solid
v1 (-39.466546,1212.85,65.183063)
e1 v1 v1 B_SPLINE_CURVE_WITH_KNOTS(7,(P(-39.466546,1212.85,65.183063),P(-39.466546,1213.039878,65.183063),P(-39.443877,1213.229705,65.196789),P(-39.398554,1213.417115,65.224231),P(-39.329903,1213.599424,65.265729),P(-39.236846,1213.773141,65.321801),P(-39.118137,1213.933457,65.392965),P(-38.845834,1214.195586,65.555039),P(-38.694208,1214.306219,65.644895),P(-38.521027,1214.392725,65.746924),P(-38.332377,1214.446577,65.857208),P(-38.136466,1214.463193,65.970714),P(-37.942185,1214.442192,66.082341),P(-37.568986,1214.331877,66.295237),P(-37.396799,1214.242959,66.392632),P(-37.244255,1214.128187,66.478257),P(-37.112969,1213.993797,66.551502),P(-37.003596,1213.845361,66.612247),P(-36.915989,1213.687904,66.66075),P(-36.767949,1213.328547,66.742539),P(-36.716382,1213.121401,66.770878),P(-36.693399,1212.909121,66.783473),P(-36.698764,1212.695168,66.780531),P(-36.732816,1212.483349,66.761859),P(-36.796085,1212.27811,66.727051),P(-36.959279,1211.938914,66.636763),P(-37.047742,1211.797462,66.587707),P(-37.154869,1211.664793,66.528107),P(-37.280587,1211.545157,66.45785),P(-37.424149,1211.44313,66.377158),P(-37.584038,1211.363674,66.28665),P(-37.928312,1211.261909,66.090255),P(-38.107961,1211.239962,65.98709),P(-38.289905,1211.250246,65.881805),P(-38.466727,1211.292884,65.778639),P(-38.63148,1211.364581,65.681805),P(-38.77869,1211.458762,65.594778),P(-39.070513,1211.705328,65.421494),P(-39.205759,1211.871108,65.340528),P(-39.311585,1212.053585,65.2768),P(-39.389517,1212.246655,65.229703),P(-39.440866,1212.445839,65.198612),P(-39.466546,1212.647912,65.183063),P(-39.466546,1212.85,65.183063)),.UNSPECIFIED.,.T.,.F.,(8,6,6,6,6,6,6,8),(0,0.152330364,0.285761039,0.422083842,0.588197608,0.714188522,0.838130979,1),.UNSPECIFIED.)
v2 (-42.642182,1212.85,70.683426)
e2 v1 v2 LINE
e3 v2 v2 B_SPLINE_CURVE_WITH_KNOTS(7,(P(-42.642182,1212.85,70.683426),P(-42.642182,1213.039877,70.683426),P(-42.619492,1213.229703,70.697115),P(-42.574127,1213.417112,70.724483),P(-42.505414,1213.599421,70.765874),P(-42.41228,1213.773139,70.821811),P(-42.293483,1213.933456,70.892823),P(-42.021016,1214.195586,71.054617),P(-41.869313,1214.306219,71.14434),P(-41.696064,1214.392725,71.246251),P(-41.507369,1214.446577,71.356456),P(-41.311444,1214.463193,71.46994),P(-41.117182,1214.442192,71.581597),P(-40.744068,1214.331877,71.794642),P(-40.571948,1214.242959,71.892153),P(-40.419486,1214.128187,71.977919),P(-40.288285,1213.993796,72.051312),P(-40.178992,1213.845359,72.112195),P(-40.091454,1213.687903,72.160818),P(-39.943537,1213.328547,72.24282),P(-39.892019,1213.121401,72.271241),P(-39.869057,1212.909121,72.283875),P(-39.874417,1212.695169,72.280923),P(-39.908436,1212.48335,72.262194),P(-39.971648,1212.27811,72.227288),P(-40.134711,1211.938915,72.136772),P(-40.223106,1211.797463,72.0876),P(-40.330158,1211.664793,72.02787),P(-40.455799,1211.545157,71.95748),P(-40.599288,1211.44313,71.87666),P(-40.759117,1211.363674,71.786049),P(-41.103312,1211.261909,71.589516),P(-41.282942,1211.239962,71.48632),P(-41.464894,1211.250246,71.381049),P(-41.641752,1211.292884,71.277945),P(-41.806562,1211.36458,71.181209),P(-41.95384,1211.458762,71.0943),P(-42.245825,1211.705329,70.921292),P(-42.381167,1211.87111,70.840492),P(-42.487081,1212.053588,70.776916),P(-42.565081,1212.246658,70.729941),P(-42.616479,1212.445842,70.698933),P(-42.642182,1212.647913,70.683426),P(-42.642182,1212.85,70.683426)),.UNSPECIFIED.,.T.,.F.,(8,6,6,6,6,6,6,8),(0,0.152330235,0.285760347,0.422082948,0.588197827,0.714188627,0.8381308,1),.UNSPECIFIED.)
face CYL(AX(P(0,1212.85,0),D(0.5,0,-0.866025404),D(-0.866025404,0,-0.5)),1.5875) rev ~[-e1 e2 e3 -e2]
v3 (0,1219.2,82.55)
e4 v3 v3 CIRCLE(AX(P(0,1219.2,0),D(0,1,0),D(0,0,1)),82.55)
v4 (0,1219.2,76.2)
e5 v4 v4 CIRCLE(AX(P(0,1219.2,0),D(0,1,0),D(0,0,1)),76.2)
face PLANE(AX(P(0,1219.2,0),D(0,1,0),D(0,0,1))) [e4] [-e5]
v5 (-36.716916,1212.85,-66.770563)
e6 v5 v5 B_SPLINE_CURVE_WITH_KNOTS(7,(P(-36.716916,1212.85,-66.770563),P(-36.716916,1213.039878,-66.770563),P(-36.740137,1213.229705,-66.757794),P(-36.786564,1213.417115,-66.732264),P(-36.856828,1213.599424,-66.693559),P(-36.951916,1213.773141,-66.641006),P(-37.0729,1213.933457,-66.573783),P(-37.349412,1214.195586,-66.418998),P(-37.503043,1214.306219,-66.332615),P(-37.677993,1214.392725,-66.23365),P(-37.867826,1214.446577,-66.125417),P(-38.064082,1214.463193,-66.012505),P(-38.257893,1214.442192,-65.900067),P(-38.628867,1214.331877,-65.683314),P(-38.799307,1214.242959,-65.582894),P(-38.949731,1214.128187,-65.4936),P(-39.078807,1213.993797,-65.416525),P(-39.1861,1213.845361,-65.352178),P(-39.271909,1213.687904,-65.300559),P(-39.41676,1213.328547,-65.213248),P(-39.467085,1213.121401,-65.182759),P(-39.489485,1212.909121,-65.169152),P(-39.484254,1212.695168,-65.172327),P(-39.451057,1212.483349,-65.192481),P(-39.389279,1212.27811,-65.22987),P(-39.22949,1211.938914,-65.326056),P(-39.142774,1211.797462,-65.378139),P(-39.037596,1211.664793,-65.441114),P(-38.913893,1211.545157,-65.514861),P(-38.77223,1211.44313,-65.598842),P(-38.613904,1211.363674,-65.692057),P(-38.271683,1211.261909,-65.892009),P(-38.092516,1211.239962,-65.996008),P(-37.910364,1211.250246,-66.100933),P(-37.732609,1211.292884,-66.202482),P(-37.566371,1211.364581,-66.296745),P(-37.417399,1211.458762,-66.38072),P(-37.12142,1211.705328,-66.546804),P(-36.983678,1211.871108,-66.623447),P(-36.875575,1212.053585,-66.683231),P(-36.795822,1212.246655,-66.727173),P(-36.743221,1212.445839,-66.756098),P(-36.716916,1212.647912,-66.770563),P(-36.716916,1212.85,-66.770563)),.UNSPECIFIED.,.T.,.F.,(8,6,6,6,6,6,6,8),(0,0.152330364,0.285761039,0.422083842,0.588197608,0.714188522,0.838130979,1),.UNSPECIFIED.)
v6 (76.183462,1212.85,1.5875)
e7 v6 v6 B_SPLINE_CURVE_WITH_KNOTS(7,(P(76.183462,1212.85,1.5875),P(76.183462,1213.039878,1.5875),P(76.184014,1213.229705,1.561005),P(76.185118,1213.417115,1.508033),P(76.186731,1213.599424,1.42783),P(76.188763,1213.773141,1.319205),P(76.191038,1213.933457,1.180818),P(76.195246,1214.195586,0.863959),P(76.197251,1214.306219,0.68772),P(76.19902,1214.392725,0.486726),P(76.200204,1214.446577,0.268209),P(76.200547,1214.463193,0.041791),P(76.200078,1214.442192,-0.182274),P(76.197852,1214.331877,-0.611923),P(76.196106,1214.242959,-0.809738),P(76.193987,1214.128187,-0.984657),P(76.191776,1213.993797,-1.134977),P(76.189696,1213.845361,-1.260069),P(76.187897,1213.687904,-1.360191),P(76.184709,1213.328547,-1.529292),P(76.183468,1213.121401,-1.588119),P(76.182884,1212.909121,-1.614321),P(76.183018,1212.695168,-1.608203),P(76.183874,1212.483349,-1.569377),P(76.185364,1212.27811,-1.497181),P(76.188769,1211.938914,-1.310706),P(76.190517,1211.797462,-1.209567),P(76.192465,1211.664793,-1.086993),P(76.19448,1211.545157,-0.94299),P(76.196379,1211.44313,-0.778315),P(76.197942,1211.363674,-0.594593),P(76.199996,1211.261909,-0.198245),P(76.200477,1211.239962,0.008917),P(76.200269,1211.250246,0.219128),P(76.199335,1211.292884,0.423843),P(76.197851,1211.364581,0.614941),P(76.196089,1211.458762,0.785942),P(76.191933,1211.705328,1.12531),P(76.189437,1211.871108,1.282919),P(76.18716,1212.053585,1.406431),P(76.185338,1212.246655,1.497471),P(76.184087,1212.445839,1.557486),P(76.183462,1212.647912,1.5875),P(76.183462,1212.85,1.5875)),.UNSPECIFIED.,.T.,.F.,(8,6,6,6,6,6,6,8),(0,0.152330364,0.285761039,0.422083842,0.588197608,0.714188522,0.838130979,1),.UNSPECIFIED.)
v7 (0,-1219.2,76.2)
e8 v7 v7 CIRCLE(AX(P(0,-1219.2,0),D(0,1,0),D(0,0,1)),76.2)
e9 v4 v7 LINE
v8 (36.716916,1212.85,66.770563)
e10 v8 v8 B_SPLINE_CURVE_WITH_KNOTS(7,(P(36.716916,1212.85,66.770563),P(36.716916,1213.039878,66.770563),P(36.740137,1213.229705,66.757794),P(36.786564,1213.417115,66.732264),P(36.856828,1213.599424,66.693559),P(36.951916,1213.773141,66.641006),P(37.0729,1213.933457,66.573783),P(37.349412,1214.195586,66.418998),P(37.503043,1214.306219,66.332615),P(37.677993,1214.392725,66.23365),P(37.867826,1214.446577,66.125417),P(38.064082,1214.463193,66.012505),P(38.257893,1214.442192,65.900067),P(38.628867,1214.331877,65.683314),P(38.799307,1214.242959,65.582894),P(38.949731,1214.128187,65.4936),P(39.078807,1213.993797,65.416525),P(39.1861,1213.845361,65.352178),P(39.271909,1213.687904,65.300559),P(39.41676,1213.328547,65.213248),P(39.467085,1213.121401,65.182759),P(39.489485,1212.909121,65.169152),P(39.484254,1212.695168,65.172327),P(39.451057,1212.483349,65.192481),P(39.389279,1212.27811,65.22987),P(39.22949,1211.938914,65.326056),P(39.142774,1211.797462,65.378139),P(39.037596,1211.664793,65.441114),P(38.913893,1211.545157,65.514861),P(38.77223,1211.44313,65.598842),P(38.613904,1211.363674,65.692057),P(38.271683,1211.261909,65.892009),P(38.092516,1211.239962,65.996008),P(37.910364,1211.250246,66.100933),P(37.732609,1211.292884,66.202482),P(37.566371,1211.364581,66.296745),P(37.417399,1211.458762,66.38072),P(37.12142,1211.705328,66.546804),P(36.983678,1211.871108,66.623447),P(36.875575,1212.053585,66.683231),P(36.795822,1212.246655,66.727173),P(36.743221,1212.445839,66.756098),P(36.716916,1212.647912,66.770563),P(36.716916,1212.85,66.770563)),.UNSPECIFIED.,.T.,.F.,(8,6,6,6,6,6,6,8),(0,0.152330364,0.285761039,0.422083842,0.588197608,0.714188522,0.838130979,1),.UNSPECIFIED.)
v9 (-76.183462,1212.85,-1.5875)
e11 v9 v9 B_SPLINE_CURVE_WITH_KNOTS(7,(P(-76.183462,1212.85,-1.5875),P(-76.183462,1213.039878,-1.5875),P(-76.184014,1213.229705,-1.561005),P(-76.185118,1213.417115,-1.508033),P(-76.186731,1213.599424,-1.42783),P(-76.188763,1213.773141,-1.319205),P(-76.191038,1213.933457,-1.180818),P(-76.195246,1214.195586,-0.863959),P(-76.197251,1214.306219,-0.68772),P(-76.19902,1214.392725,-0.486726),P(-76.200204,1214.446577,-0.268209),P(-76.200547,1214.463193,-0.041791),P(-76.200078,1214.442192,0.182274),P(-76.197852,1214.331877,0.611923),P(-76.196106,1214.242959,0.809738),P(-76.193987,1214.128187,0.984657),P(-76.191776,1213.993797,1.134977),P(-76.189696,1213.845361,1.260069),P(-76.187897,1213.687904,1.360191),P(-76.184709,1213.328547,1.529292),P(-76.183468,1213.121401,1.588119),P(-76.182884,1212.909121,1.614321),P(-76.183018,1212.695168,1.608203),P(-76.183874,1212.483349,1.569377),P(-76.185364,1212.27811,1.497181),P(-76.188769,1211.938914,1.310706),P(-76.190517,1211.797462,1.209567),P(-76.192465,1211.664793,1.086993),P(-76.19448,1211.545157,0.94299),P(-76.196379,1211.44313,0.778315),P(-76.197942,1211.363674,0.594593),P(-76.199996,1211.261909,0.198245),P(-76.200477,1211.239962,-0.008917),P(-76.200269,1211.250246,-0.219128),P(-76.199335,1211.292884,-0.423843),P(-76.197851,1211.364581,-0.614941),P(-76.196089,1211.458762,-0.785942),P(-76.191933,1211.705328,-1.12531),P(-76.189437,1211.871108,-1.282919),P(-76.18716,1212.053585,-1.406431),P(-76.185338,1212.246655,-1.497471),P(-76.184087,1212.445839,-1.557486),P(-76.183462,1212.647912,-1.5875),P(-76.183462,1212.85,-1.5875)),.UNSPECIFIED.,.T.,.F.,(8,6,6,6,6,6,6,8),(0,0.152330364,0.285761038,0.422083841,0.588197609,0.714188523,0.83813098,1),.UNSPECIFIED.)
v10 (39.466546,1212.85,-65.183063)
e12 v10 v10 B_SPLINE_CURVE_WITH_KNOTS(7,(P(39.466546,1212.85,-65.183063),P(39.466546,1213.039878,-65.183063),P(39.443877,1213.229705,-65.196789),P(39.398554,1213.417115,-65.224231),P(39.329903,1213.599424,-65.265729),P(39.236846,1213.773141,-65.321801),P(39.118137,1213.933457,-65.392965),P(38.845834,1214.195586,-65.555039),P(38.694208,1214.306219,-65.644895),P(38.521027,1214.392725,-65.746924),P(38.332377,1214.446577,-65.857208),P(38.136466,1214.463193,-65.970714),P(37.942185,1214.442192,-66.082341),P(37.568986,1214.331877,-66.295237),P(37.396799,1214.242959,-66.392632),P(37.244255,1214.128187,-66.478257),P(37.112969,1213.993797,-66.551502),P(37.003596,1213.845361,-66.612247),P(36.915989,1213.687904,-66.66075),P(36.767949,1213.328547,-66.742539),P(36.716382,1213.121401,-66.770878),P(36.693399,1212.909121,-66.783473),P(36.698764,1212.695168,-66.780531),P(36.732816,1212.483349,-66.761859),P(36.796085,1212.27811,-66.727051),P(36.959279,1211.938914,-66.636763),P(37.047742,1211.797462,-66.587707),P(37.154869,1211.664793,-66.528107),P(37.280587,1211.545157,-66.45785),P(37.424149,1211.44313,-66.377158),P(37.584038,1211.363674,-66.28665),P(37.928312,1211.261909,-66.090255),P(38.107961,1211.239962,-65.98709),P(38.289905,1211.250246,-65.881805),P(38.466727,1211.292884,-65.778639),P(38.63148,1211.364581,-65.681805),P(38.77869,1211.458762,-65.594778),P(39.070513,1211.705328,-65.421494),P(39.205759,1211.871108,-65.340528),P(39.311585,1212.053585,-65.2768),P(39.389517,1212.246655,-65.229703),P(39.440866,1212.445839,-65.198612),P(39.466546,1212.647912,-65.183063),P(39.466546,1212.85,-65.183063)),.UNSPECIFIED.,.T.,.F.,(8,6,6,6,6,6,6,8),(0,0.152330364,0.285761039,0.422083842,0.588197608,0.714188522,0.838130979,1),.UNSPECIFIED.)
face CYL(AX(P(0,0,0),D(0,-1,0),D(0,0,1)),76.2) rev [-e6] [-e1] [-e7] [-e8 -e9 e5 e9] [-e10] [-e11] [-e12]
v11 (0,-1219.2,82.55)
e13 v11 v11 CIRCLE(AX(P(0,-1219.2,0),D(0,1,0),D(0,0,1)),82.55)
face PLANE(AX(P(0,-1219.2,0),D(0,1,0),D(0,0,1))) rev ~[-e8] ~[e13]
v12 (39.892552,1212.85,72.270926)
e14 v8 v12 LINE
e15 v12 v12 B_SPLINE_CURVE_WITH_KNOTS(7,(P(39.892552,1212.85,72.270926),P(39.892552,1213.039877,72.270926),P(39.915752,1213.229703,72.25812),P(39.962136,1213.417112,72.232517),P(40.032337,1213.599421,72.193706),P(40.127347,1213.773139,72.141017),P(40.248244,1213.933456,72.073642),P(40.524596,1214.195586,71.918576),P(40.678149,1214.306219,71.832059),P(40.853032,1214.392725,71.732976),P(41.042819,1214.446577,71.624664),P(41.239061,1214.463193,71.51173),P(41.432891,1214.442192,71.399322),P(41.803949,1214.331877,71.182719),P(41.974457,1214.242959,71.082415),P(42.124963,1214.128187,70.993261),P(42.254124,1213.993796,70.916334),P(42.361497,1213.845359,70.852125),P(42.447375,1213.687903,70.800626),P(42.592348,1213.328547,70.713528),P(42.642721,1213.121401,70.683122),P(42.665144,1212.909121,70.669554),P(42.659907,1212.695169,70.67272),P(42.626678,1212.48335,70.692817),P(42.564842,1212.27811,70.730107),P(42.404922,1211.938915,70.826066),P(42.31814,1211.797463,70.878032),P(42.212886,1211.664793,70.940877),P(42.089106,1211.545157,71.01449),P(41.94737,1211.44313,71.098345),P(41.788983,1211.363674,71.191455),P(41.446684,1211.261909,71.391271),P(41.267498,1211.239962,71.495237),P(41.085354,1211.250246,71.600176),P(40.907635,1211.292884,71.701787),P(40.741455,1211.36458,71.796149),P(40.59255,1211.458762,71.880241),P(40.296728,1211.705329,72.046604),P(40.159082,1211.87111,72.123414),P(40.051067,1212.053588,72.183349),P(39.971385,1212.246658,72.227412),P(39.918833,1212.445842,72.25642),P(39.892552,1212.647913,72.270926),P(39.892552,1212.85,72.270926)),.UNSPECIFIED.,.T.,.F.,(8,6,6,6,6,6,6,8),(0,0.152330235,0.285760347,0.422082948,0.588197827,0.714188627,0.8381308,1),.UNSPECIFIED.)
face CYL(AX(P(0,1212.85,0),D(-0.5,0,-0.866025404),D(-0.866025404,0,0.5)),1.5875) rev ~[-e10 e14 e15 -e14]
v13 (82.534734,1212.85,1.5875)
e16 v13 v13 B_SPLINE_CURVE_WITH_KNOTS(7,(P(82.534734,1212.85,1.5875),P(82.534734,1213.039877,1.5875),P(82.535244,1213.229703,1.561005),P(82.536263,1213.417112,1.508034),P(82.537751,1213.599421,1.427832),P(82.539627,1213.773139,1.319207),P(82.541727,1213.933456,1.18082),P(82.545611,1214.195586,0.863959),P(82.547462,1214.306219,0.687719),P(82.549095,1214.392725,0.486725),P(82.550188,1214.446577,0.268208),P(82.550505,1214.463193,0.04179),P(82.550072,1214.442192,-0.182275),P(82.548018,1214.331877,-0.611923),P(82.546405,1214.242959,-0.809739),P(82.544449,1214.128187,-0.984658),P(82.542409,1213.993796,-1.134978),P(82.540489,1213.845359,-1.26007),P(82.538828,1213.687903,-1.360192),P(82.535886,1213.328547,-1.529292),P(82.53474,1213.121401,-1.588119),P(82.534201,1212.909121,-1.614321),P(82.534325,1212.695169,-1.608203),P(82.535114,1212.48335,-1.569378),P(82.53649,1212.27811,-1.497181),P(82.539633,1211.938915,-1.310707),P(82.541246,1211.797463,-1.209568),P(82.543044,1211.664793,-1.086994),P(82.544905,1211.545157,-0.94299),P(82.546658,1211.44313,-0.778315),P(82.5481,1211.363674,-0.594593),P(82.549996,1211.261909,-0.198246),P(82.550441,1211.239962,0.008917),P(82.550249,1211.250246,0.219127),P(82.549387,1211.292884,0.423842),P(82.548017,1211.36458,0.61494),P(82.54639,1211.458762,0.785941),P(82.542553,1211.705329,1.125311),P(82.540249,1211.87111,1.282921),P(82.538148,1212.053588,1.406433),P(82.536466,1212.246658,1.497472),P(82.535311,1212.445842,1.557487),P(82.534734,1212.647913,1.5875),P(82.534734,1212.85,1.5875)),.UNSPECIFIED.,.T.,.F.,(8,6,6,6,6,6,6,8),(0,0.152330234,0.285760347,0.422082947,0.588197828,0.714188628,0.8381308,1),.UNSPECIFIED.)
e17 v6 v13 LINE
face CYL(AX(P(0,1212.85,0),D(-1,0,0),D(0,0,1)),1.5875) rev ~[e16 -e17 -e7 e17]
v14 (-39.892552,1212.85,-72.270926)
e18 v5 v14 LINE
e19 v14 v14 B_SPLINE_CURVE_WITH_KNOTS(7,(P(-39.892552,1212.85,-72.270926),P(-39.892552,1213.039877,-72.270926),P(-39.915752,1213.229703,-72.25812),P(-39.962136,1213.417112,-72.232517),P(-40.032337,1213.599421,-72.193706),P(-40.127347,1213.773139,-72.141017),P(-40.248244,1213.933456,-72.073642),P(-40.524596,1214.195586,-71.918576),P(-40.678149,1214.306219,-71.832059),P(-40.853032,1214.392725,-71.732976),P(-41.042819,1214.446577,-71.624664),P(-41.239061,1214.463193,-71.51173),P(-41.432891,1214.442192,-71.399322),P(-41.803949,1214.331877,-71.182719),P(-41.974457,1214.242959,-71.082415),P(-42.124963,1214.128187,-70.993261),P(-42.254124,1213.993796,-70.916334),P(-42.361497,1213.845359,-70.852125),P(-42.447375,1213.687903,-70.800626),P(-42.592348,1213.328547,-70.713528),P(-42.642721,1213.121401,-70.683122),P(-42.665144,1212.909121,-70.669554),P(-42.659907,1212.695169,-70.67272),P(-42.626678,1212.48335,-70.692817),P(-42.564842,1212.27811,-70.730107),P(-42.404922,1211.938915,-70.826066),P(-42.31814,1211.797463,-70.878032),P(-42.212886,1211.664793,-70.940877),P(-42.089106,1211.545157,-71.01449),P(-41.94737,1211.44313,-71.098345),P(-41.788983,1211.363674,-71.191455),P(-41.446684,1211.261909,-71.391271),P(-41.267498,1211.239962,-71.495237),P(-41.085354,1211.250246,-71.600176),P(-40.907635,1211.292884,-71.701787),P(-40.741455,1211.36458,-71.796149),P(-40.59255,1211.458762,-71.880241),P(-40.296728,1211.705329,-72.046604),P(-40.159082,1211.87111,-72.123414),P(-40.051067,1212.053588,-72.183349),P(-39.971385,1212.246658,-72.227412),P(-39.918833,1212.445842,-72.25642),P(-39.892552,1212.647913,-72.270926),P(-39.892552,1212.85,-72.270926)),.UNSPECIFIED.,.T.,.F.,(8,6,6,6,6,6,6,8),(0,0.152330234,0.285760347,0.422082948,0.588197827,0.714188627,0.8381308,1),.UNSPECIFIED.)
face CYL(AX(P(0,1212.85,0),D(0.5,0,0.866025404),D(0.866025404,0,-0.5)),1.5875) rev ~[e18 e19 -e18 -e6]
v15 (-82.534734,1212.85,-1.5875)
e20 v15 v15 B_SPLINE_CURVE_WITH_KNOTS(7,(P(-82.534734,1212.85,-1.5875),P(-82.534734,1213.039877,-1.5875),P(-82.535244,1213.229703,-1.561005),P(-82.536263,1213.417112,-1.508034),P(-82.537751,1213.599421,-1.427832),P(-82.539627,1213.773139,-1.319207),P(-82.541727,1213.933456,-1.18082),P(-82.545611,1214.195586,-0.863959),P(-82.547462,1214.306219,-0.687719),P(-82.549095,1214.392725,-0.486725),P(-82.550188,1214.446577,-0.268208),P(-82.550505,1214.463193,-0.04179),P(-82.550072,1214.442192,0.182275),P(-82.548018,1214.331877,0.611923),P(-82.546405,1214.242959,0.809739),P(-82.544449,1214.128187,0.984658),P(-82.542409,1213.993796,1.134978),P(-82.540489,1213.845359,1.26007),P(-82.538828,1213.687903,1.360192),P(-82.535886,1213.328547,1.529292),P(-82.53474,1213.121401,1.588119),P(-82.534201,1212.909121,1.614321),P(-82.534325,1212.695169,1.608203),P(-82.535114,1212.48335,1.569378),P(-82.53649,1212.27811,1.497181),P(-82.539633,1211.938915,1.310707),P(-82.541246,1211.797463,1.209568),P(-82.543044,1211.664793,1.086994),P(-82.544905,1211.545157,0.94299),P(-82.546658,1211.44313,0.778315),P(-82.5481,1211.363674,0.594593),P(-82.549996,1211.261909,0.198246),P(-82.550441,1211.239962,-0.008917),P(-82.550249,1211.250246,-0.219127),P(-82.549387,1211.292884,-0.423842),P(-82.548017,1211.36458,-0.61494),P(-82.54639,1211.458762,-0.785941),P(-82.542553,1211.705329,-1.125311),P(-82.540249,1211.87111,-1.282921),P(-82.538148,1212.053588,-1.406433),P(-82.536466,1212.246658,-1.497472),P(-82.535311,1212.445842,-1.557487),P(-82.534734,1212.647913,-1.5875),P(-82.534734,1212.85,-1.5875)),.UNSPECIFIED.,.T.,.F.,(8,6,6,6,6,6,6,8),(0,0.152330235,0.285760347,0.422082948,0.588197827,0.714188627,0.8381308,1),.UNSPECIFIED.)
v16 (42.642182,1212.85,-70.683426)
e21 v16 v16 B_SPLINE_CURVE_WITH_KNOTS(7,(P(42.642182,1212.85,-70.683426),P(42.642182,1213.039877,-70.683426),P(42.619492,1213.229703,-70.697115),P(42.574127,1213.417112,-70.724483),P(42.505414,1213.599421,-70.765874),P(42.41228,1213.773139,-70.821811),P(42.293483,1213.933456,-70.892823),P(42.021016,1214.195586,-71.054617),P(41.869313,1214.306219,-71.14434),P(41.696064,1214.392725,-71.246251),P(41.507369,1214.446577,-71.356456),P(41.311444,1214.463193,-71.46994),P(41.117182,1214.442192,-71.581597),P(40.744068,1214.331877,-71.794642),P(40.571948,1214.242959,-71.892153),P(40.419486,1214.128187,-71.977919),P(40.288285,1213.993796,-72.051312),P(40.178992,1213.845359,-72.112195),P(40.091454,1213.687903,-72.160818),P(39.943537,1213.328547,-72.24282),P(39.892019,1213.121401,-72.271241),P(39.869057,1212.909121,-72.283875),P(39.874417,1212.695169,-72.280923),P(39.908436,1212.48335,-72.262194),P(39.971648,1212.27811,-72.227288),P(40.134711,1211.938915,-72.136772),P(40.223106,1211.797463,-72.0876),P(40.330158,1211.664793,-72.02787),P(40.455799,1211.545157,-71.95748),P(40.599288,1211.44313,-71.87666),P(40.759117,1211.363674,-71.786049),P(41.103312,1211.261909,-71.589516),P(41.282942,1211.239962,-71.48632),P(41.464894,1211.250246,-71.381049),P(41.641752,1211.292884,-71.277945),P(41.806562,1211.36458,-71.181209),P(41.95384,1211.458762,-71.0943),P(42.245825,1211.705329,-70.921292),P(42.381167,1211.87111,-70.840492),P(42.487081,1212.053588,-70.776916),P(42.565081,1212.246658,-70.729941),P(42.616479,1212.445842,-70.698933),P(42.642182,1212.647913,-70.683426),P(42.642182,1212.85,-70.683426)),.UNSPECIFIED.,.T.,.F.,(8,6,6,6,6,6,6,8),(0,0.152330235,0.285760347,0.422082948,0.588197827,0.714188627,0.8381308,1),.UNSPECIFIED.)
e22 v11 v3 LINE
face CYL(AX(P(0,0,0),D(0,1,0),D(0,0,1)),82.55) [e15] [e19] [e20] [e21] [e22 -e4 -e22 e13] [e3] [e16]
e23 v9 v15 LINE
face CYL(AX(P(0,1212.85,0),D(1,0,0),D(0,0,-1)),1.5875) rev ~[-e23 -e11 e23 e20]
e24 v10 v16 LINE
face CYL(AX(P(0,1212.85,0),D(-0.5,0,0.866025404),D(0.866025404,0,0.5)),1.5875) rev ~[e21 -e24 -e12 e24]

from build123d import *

# Parameters (mm, degrees)
SKETCH1_R           = 82.55
SKETCH1_R_2         = 76.2
BOSS_EXTRUDE1_DEPTH = 1219.2
SKETCH2_R           = 1.5875
CUT_EXTRUDE1_DEPTH  = 1225.77656942
CIRPATTERN1_COUNT   = 6


with BuildPart() as part:
    # Sketch1 → Boss-Extrude1 (new, symmetric)
    with BuildSketch(Plane(origin=(0, 0, 0), x_dir=(1, 0, 0), z_dir=(0, 1, 0))):
        with Locations(Location((0, 0, 0), (0, 0, 270))):
            Circle(SKETCH1_R)
        with Locations(Location((0, 0, 0), (0, 0, 270))):
            Circle(SKETCH1_R_2, mode=Mode.SUBTRACT)
    extrude(amount=BOSS_EXTRUDE1_DEPTH, both=True)

    # Sketch2 → Cut-Extrude1 (cut, through all)
    with BuildSketch(Plane(origin=(0, 0, 0), x_dir=(0, 0, -1), z_dir=(1, 0, 0))):
        with Locations((0, 1212.85)):
            Circle(SKETCH2_R)
    cut_extrude1 = extrude(amount=-CUT_EXTRUDE1_DEPTH, mode=Mode.SUBTRACT)

    # CirPattern1: Cut-Extrude1 ×6 about axis
    cirpattern1_axis = Axis((0, 1219.2, 0), (0, 1, 0))
    for i in range(1, CIRPATTERN1_COUNT):
        add(cut_extrude1.rotate(cirpattern1_axis, i * 360 / CIRPATTERN1_COUNT), mode=Mode.SUBTRACT)


solid = part.part
